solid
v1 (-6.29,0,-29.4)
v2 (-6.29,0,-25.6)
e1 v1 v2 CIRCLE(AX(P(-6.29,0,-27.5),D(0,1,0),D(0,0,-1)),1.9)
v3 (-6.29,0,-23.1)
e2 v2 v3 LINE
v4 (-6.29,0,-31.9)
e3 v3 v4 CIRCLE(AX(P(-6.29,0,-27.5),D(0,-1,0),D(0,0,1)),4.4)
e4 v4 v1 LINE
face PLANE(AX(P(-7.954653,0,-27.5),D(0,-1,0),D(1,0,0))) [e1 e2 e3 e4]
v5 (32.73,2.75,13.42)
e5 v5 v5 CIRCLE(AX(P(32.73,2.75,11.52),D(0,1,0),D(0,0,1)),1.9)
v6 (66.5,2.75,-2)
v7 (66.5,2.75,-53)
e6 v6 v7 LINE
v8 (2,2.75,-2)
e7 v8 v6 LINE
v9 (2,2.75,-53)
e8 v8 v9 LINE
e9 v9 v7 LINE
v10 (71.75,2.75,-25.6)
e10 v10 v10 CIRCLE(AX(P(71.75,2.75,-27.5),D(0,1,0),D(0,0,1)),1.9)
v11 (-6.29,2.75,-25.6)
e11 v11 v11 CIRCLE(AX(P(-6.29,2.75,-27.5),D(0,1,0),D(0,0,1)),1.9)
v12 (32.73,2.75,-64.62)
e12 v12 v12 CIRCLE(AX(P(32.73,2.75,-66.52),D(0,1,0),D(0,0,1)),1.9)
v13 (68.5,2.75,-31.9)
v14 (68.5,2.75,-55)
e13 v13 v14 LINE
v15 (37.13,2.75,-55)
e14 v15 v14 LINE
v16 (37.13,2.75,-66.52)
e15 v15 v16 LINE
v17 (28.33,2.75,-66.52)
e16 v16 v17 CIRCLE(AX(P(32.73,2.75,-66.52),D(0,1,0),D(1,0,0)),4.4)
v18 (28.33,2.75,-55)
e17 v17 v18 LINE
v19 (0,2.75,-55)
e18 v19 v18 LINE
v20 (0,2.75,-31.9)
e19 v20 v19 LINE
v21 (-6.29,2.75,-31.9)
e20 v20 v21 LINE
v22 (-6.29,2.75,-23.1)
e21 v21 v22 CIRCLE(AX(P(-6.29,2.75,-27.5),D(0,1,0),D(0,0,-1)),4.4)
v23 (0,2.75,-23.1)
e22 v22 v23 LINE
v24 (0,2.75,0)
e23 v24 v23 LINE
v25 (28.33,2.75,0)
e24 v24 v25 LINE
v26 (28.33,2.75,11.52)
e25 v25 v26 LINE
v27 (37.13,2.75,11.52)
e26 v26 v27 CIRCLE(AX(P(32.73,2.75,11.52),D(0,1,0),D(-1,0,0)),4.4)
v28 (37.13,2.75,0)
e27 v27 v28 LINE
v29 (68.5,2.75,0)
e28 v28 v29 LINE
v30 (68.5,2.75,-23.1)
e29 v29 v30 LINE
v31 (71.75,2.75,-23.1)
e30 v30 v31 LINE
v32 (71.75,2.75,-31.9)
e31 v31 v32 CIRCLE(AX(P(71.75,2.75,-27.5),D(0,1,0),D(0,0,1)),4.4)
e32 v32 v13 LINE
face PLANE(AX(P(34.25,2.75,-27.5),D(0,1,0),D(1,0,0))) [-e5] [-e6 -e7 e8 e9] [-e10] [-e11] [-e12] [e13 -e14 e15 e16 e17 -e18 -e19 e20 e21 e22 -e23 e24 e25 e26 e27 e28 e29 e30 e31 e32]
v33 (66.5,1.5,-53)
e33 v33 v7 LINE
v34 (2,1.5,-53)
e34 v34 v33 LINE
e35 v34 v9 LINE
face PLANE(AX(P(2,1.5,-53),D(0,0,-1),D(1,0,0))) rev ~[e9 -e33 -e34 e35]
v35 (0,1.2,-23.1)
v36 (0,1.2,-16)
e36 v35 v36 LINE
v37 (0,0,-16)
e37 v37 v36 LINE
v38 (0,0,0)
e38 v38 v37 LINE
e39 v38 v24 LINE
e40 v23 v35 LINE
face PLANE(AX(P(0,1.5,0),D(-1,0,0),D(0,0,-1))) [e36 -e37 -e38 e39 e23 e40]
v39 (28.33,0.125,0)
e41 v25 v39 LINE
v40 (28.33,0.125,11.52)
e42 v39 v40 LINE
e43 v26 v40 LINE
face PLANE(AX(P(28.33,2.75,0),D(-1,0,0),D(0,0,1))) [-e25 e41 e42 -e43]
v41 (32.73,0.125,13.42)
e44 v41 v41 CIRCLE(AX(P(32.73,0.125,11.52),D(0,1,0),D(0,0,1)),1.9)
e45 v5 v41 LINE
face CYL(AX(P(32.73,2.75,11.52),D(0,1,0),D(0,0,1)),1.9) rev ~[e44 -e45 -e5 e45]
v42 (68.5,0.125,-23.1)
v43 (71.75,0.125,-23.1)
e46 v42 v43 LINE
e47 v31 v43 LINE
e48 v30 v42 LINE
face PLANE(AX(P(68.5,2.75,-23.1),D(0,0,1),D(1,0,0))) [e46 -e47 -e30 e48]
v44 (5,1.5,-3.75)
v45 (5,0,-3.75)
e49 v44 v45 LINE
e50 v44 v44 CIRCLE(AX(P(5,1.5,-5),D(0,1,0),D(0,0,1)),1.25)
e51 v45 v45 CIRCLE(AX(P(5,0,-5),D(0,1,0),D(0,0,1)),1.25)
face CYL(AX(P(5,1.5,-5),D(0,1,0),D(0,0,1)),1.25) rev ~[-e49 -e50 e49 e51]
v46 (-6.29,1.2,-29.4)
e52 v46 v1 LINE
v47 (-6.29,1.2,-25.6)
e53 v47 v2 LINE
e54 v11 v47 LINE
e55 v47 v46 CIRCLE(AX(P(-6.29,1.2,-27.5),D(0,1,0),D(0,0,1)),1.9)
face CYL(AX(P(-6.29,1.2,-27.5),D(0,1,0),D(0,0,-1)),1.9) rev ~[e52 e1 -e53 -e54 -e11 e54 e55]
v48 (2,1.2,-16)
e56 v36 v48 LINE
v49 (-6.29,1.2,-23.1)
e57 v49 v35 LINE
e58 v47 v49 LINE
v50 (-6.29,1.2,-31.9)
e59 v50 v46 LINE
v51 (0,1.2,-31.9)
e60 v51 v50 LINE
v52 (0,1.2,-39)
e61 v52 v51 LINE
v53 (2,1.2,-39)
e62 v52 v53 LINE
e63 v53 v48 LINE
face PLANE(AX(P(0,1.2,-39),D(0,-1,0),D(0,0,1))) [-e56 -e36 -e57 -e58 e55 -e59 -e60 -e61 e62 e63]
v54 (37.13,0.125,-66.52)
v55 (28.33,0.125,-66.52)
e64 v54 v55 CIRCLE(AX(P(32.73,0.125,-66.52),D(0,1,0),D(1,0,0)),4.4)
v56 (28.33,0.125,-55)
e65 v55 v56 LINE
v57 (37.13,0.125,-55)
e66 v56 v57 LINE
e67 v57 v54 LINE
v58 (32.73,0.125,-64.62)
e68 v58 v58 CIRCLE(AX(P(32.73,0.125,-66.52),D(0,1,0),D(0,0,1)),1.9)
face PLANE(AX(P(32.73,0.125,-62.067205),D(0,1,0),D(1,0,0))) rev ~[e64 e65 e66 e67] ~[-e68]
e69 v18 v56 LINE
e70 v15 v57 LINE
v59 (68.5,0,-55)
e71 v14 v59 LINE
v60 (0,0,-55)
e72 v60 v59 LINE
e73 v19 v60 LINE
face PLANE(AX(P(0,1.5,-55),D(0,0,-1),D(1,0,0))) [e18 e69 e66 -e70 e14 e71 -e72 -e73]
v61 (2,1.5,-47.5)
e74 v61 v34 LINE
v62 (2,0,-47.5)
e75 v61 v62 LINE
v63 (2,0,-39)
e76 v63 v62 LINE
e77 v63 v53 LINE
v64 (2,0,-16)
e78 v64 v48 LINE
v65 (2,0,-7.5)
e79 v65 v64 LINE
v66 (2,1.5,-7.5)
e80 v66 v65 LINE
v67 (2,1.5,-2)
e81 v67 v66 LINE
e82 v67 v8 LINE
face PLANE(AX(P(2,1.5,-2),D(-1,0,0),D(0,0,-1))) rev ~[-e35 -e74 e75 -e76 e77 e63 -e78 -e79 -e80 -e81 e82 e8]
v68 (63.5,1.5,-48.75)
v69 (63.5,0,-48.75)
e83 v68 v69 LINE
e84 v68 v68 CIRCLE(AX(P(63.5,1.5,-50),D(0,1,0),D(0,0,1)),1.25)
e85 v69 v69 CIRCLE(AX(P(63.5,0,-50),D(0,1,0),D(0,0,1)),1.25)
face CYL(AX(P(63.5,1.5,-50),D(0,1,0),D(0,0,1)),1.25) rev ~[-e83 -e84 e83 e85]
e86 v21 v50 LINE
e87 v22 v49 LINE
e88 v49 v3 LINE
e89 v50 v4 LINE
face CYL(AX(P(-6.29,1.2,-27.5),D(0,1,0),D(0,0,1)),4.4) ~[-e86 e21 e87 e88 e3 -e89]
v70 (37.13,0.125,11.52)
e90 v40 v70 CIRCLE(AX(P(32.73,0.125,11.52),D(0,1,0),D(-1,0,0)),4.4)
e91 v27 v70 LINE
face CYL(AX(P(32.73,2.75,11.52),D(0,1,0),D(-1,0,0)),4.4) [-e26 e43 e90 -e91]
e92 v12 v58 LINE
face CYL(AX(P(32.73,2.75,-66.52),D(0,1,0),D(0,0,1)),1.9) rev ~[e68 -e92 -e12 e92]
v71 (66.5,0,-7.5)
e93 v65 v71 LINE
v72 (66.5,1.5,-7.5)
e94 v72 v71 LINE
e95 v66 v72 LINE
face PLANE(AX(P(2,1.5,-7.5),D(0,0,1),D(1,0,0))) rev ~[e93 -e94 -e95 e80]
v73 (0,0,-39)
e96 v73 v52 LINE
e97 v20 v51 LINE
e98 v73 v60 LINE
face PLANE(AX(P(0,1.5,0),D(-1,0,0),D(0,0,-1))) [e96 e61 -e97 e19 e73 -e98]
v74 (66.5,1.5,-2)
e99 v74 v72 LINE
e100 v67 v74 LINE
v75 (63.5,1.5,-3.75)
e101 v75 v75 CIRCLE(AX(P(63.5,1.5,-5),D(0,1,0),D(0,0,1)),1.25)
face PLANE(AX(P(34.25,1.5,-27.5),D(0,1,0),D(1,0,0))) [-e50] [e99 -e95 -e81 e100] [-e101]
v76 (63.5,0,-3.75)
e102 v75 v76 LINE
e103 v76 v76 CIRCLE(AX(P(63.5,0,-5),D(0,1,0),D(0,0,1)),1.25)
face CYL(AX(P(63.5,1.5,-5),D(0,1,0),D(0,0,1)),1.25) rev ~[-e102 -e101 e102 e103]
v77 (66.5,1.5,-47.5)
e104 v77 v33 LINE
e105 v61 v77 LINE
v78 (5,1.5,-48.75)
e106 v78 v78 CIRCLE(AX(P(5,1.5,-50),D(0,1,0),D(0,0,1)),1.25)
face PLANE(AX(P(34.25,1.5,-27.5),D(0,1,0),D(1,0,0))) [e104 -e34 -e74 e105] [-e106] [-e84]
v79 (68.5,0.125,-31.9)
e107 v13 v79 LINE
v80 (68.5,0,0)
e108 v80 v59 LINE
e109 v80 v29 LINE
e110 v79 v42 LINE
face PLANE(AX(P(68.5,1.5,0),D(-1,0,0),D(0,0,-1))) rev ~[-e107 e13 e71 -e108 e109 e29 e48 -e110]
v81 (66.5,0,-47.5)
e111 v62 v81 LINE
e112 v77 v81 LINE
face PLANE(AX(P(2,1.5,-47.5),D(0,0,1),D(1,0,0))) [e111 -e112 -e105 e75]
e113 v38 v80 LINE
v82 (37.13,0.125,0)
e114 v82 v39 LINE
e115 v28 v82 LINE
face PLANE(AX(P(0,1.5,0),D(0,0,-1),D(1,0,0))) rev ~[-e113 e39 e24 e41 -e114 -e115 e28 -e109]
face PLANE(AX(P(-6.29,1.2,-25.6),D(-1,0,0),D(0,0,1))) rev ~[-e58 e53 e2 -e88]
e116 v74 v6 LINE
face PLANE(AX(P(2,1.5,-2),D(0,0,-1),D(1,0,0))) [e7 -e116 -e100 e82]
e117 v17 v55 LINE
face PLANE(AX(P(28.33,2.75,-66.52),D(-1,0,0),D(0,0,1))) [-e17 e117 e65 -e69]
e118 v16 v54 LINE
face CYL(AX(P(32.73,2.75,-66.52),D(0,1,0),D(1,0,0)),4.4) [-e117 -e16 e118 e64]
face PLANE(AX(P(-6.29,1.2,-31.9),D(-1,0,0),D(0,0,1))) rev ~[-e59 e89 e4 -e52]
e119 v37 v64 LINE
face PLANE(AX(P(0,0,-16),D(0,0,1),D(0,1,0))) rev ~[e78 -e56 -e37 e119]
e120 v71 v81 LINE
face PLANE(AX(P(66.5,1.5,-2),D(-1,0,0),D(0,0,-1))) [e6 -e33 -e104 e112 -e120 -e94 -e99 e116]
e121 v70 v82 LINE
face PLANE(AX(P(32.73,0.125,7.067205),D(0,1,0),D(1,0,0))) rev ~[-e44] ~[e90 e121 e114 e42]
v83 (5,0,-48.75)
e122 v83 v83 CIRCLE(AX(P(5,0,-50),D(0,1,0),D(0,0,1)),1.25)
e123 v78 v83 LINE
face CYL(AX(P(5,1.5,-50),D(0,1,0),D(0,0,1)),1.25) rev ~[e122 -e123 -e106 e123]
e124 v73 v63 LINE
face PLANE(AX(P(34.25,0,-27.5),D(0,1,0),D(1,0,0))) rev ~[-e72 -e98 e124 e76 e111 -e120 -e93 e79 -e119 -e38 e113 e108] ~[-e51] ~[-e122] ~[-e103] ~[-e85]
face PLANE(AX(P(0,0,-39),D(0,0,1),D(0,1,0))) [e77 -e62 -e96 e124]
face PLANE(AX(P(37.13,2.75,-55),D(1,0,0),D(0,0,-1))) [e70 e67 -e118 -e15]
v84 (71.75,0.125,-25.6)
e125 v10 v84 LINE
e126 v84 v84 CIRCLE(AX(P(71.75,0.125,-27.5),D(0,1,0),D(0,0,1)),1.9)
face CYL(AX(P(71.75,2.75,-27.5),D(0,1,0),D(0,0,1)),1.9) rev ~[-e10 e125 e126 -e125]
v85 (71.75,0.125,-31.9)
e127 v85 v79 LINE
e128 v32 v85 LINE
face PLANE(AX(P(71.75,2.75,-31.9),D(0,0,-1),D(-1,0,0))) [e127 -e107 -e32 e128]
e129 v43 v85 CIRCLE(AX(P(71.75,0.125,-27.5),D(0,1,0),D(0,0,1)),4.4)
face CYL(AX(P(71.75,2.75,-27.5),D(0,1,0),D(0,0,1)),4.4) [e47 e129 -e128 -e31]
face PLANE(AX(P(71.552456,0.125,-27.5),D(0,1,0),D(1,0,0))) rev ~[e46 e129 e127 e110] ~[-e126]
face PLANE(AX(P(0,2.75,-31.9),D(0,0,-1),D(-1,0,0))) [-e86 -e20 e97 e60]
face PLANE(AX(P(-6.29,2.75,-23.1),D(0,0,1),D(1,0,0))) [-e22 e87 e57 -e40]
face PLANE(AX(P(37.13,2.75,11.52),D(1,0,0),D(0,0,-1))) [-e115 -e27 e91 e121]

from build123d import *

# Parameters (mm, degrees)
SKETCH1_W           = 68.5
SKETCH1_H           = 55
BOSS_EXTRUDE1_DEPTH = 1.5
SKETCH2_W           = 68.5
SKETCH2_H           = 55
SKETCH2_W_2         = 64.5
SKETCH2_H_2         = 51
BOSS_EXTRUDE2_DEPTH = 1.25
SKETCH3_R           = 1.25
SKETCH3_W           = 64.5
SKETCH3_H           = 40
CUT_EXTRUDE1_DEPTH  = 1.5
SKETCH4_W           = 23
SKETCH4_H           = 1.2
CUT_EXTRUDE2_DEPTH  = 3
SKETCH5_R           = 1.9
BOSS_EXTRUDE3_DEPTH = 2.625
SKETCH5_5_R         = 1.9
BOSS_EXTRUDE4_DEPTH = 1.55
BOSS_EXTRUDE5_DEPTH = 1.2


with BuildPart() as part:
    # Sketch1 → Boss-Extrude1 (new body)
    with BuildSketch(Plane(origin=(0, 0, 0), x_dir=(1, 0, 0), z_dir=(0, 1, 0))):
        with Locations((34.25, 27.5)):
            Rectangle(SKETCH1_W, SKETCH1_H)
    extrude(amount=BOSS_EXTRUDE1_DEPTH)

    # Sketch2 → Boss-Extrude2 (add)
    with BuildSketch(Plane(origin=(0, 1.5, 0), x_dir=(1, 0, 0), z_dir=(0, 1, 0))):
        with Locations((34.25, 27.5)):
            Rectangle(SKETCH2_W, SKETCH2_H)
        with Locations((34.25, 27.5)):
            Rectangle(SKETCH2_W_2, SKETCH2_H_2, mode=Mode.SUBTRACT)
    extrude(amount=BOSS_EXTRUDE2_DEPTH)

    # Sketch3 → Cut-Extrude1 (cut)
    with BuildSketch(Plane(origin=(0, 1.5, 0), x_dir=(1, 0, 0), z_dir=(0, 1, 0))):
        with Locations((5, 50)):
            Circle(SKETCH3_R)
        with Locations((63.5, 50)):
            Circle(SKETCH3_R)
        with Locations((63.5, 5)):
            Circle(SKETCH3_R)
        with Locations((5, 5)):
            Circle(SKETCH3_R)
        with Locations((34.25, 27.5)):
            Rectangle(SKETCH3_W, SKETCH3_H)
    extrude(amount=-CUT_EXTRUDE1_DEPTH, mode=Mode.SUBTRACT)

    # Sketch4 → Cut-Extrude2 (cut)
    with BuildSketch(Plane.ZY):
        with Locations((-27.5, 0.6)):
            Rectangle(SKETCH4_W, SKETCH4_H)
    extrude(amount=-CUT_EXTRUDE2_DEPTH, mode=Mode.SUBTRACT)

    # Sketch5 → Boss-Extrude3 (add)
    # profile 1 of 3: a face of its own
    with BuildSketch(Plane(origin=(0, 2.75, 0), x_dir=(1, 0, 0), z_dir=(0, 1, 0))):
        with BuildLine():
            Line((28.33, 55), (37.13, 55))
            Line((37.13, 55), (37.13, 66.52))
            ThreePointArc((37.13, 66.52), (32.73, 70.92), (28.33, 66.52))
            Line((28.33, 66.52), (28.33, 55))
        make_face()
        with Locations((32.73, 66.52)):
            Circle(SKETCH5_R, mode=Mode.SUBTRACT)
    # profile 2 of 3: a face of its own
    with BuildSketch(Plane(origin=(0, 2.75, 0), x_dir=(1, 0, 0), z_dir=(0, 1, 0))):
        with BuildLine():
            Line((37.13, -11.52), (37.13, 0))
            Line((37.13, 0), (28.33, 0))
            Line((28.33, 0), (28.33, -11.52))
            ThreePointArc((28.33, -11.52), (32.73, -15.92), (37.13, -11.52))
        make_face()
        with Locations((32.73, -11.52)):
            Circle(SKETCH5_R, mode=Mode.SUBTRACT)
    # profile 3 of 3: a face of its own
    with BuildSketch(Plane(origin=(0, 2.75, 0), x_dir=(1, 0, 0), z_dir=(0, 1, 0))):
        with BuildLine():
            Line((71.75, 31.9), (68.5, 31.9))
            Line((68.5, 31.9), (68.5, 23.1))
            Line((68.5, 23.1), (71.75, 23.1))
            ThreePointArc((71.75, 23.1), (76.15, 27.5), (71.75, 31.9))
        make_face()
        with Locations((71.75, 27.5)):
            Circle(SKETCH5_R, mode=Mode.SUBTRACT)
    extrude(amount=-BOSS_EXTRUDE3_DEPTH)

    # Sketch5<5> → Boss-Extrude4 (add)
    with BuildSketch(Plane(origin=(0, 2.75, 0), x_dir=(1, 0, 0), z_dir=(0, 1, 0))):
        with BuildLine():
            Line((0, 23.1), (0, 31.9))
            Line((0, 31.9), (-6.29, 31.9))
            ThreePointArc((-6.29, 31.9), (-10.69, 27.5), (-6.29, 23.1))
            Line((-6.29, 23.1), (0, 23.1))
        make_face()
        with Locations((-6.29, 27.5)):
            Circle(SKETCH5_5_R, mode=Mode.SUBTRACT)
    extrude(amount=-BOSS_EXTRUDE4_DEPTH)

    # Sketch6 → Boss-Extrude5 (add)
    with BuildSketch(Plane.XZ.offset(-1.2)):
        with BuildLine():
            Line((-6.29, -25.6), (-6.29, -23.1))
            ThreePointArc((-6.29, -23.1), (-10.69, -27.5), (-6.29, -31.9))
            Line((-6.29, -31.9), (-6.29, -29.4))
            ThreePointArc((-6.29, -29.4), (-8.19, -27.5), (-6.29, -25.6))
        make_face()
    extrude(amount=BOSS_EXTRUDE5_DEPTH)


solid = part.part
